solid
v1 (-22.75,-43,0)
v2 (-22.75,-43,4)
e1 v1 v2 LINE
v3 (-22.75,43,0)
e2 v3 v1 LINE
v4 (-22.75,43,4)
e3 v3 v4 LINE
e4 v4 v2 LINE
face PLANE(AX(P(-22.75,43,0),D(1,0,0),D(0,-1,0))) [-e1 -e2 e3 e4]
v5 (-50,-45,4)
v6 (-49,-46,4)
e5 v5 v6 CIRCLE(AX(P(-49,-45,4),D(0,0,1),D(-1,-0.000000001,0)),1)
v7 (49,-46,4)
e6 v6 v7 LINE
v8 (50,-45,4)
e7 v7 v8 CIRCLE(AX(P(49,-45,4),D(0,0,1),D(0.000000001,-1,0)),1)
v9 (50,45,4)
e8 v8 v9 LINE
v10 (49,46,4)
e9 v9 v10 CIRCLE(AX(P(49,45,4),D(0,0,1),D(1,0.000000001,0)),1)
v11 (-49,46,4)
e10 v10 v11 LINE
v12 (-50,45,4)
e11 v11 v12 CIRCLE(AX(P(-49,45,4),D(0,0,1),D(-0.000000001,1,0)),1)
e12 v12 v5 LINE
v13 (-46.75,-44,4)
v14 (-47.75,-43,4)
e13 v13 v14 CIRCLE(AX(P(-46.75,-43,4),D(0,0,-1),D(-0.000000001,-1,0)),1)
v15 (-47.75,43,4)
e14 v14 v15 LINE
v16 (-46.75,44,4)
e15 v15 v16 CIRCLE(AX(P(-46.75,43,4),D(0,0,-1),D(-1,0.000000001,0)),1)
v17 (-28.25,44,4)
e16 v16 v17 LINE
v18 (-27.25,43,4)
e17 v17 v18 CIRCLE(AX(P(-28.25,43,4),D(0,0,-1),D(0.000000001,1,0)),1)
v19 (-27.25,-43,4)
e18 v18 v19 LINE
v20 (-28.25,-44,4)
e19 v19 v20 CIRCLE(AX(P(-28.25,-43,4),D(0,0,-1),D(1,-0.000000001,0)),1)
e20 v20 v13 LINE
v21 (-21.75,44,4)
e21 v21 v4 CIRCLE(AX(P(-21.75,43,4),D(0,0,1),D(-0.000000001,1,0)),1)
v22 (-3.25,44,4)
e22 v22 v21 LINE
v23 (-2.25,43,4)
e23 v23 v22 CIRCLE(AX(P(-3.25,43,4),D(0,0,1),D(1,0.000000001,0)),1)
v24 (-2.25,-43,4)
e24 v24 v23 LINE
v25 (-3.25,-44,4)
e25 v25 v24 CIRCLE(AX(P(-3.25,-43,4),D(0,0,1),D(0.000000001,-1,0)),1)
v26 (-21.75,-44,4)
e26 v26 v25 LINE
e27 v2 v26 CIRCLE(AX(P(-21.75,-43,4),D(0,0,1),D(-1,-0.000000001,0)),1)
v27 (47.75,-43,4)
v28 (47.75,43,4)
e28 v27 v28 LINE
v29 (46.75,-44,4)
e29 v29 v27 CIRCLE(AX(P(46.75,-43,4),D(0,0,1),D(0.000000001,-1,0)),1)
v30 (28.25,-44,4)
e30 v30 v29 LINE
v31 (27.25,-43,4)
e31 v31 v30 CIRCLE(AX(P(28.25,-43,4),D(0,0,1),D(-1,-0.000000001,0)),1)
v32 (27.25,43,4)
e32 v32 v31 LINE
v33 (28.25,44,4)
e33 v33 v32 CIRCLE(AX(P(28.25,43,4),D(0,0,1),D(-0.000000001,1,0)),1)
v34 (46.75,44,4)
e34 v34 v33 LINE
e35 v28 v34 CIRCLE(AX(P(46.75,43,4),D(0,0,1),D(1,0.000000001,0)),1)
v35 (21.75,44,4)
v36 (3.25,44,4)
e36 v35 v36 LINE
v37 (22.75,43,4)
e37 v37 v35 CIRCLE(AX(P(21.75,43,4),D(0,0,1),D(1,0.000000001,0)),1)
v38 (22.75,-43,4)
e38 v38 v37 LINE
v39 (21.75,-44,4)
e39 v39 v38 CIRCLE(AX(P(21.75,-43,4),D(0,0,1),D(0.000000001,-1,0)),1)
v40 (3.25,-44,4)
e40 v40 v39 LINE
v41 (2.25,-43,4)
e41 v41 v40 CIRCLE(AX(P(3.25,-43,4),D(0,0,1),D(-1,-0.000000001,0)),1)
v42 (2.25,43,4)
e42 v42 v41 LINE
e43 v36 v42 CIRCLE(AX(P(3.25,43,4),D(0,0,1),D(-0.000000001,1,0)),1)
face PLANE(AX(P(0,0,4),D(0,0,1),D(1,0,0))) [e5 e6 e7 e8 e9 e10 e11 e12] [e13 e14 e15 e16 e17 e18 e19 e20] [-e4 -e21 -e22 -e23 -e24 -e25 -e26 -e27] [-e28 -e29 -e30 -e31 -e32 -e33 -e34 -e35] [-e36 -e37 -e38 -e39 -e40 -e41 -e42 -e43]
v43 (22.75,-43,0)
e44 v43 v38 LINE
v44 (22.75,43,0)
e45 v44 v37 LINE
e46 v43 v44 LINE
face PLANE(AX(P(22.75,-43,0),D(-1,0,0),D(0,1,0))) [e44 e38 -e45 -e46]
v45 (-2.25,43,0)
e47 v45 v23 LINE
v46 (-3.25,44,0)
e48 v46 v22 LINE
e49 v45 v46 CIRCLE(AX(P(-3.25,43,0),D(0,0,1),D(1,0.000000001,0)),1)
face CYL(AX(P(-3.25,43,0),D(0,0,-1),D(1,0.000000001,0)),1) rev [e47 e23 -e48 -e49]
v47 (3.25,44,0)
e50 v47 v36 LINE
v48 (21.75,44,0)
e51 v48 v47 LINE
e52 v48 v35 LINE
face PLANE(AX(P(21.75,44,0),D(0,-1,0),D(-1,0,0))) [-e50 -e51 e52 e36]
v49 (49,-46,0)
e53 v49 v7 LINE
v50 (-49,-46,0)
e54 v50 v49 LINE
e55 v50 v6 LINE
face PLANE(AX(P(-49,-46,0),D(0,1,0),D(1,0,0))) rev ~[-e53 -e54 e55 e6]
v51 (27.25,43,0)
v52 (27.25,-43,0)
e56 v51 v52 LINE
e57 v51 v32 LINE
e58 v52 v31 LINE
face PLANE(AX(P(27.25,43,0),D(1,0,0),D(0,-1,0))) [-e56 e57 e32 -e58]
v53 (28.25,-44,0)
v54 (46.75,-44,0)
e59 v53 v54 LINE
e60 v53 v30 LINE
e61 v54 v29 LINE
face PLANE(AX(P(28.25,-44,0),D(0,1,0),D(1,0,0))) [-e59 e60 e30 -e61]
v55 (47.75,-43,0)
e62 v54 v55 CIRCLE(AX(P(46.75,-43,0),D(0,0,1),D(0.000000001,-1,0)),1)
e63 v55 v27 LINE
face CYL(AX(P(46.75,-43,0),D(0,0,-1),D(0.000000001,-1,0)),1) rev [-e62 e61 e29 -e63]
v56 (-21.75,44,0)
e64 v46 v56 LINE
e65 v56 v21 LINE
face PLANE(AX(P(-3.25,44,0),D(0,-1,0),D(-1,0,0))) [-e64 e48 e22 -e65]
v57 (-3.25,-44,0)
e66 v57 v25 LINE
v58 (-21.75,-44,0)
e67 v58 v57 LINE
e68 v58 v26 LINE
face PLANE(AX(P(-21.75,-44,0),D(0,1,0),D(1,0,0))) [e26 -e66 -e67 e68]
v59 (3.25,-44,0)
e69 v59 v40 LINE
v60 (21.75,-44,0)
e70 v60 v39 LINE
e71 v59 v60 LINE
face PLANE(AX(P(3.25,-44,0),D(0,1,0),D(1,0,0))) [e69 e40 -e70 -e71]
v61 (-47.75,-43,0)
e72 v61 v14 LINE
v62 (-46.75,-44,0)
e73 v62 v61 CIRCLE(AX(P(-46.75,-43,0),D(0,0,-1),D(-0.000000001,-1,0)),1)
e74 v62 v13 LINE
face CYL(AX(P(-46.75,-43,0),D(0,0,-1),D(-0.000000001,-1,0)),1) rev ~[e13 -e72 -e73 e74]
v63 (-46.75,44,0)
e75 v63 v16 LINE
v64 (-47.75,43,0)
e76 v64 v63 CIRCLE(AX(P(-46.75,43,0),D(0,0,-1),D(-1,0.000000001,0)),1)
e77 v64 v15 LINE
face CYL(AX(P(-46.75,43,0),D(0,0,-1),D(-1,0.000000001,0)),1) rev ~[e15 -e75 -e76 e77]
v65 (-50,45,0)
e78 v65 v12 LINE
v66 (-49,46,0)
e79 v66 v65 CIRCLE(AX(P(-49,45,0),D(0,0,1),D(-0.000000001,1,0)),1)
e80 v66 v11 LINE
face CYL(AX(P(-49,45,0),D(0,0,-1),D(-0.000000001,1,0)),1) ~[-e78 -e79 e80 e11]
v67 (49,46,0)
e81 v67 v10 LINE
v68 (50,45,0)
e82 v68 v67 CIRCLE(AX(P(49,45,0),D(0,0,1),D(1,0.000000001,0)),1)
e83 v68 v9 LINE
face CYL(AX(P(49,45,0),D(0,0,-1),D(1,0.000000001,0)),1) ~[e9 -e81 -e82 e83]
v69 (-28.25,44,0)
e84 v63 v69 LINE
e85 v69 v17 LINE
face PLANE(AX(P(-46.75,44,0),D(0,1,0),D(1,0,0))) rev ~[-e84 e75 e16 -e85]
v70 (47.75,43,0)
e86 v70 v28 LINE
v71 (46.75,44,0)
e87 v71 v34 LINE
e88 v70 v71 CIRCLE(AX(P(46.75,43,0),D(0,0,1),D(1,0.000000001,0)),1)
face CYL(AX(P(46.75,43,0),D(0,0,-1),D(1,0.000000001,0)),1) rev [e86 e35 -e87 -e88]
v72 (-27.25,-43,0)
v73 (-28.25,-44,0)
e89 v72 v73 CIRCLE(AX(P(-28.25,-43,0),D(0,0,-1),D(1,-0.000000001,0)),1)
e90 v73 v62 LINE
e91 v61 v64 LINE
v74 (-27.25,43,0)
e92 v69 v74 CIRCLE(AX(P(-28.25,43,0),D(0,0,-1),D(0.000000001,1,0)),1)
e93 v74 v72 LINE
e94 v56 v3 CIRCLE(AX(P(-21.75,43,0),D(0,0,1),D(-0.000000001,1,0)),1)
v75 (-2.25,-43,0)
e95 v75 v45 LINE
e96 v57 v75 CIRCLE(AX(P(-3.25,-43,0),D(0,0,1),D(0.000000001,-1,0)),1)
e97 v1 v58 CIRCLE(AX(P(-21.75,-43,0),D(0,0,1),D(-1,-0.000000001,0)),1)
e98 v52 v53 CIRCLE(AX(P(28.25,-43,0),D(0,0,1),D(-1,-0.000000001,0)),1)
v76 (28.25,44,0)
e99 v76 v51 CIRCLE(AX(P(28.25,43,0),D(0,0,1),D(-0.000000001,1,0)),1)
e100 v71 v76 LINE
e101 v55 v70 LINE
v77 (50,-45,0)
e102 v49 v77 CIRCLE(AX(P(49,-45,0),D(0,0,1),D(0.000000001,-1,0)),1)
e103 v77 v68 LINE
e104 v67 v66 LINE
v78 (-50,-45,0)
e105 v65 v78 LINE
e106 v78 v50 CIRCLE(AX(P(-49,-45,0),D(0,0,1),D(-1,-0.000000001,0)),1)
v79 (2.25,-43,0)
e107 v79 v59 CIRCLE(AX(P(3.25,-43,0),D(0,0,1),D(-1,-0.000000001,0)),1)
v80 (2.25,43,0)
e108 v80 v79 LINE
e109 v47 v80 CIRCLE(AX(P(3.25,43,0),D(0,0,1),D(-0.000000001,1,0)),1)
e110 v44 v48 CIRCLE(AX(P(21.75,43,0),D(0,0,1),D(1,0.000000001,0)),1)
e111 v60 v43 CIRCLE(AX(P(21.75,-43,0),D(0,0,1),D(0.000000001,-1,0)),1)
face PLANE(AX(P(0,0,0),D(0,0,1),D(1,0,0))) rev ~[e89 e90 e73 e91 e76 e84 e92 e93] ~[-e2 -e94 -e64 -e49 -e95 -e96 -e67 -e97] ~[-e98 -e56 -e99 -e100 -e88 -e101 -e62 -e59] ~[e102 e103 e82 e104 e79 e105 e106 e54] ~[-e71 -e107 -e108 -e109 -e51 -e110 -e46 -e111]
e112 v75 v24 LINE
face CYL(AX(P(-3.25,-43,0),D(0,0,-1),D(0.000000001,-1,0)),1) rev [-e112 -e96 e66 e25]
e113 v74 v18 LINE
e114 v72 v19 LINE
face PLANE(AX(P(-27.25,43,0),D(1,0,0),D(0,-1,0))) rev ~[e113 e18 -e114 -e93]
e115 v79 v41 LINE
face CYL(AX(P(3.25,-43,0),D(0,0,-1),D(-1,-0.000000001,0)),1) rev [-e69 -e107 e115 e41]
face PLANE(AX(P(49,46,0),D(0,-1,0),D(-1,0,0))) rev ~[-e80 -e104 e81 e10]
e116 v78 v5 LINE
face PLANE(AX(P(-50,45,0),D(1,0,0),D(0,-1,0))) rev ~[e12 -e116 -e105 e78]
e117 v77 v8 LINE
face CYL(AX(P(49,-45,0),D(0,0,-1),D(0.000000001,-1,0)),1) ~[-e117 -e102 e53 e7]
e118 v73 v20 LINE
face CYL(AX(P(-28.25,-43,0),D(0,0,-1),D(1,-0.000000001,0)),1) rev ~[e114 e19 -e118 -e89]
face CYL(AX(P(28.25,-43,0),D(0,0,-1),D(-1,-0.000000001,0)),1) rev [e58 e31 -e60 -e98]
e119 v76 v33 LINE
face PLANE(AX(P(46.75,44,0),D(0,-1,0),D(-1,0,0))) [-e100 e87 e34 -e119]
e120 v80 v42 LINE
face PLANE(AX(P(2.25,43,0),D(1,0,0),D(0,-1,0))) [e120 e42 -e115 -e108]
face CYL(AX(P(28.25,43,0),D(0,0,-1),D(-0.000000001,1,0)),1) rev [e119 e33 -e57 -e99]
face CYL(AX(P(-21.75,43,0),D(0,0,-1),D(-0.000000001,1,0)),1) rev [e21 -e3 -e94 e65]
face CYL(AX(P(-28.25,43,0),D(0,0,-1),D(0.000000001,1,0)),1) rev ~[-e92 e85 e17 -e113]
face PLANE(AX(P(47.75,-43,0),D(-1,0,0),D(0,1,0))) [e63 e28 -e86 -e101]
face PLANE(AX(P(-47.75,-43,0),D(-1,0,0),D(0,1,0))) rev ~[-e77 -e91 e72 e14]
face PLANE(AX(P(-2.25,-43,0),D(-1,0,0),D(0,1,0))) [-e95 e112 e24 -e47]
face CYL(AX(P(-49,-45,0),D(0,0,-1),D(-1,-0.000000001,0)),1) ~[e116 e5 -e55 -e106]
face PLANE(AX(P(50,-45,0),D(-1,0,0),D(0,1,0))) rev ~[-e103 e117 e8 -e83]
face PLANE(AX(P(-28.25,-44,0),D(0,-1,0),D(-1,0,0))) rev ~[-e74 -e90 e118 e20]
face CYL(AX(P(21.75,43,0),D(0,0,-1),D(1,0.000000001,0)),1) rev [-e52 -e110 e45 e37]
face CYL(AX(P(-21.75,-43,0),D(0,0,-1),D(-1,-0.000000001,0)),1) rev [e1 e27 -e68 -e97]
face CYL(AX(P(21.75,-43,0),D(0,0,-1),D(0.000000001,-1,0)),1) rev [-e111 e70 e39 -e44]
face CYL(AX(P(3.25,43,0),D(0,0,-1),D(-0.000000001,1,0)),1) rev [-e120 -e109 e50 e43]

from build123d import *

# Parameters (mm, degrees)
BOSS_EXTRUDE1_DEPTH = 4


with BuildPart() as part:
    # Sketch1 → Boss-Extrude1 (new body)
    with BuildSketch(Plane.XY):
        with BuildLine():
            Line((-49, -46), (49, -46))
            ThreePointArc((49, -46), (49.707106781, -45.707106781), (50, -45))
            Line((50, -45), (50, 45))
            ThreePointArc((50, 45), (49.707106781, 45.707106781), (49, 46))
            Line((49, 46), (-49, 46))
            ThreePointArc((-49, 46), (-49.707106781, 45.707106781), (-50, 45))
            Line((-50, 45), (-50, -45))
            ThreePointArc((-50, -45), (-49.707106781, -45.707106781), (-49, -46))
        make_face()
        with BuildLine():
            Line((-46.75, 44), (-28.25, 44))
            ThreePointArc((-28.25, 44), (-27.542893219, 43.707106781), (-27.25, 43))
            Line((-27.25, 43), (-27.25, -43))
            ThreePointArc((-27.25, -43), (-27.542893219, -43.707106781), (-28.25, -44))
            Line((-28.25, -44), (-46.75, -44))
            ThreePointArc((-46.75, -44), (-47.457106781, -43.707106781), (-47.75, -43))
            Line((-47.75, -43), (-47.75, 43))
            ThreePointArc((-47.75, 43), (-47.457106781, 43.707106781), (-46.75, 44))
        make_face(mode=Mode.SUBTRACT)
        with BuildLine():
            Line((-22.75, 43), (-22.75, -43))
            ThreePointArc((-22.75, -43), (-22.457106781, -43.707106781), (-21.75, -44))
            Line((-21.75, -44), (-3.25, -44))
            ThreePointArc((-3.25, -44), (-2.542893219, -43.707106781), (-2.25, -43))
            Line((-2.25, -43), (-2.25, 43))
            ThreePointArc((-2.25, 43), (-2.542893219, 43.707106781), (-3.25, 44))
            Line((-3.25, 44), (-21.75, 44))
            ThreePointArc((-21.75, 44), (-22.457106781, 43.707106781), (-22.75, 43))
        make_face(mode=Mode.SUBTRACT)
        with BuildLine():
            Line((2.25, 43), (2.25, -43))
            ThreePointArc((2.25, -43), (2.542893219, -43.707106781), (3.25, -44))
            Line((3.25, -44), (21.75, -44))
            ThreePointArc((21.75, -44), (22.457106781, -43.707106781), (22.75, -43))
            Line((22.75, -43), (22.75, 43))
            ThreePointArc((22.75, 43), (22.457106781, 43.707106781), (21.75, 44))
            Line((21.75, 44), (3.25, 44))
            ThreePointArc((3.25, 44), (2.542893219, 43.707106781), (2.25, 43))
        make_face(mode=Mode.SUBTRACT)
        with BuildLine():
            Line((27.25, 43), (27.25, -43))
            ThreePointArc((27.25, -43), (27.542893219, -43.707106781), (28.25, -44))
            Line((28.25, -44), (46.75, -44))
            ThreePointArc((46.75, -44), (47.457106781, -43.707106781), (47.75, -43))
            Line((47.75, -43), (47.75, 43))
            ThreePointArc((47.75, 43), (47.457106781, 43.707106781), (46.75, 44))
            Line((46.75, 44), (28.25, 44))
            ThreePointArc((28.25, 44), (27.542893219, 43.707106781), (27.25, 43))
        make_face(mode=Mode.SUBTRACT)
    extrude(amount=BOSS_EXTRUDE1_DEPTH)


solid = part.part
